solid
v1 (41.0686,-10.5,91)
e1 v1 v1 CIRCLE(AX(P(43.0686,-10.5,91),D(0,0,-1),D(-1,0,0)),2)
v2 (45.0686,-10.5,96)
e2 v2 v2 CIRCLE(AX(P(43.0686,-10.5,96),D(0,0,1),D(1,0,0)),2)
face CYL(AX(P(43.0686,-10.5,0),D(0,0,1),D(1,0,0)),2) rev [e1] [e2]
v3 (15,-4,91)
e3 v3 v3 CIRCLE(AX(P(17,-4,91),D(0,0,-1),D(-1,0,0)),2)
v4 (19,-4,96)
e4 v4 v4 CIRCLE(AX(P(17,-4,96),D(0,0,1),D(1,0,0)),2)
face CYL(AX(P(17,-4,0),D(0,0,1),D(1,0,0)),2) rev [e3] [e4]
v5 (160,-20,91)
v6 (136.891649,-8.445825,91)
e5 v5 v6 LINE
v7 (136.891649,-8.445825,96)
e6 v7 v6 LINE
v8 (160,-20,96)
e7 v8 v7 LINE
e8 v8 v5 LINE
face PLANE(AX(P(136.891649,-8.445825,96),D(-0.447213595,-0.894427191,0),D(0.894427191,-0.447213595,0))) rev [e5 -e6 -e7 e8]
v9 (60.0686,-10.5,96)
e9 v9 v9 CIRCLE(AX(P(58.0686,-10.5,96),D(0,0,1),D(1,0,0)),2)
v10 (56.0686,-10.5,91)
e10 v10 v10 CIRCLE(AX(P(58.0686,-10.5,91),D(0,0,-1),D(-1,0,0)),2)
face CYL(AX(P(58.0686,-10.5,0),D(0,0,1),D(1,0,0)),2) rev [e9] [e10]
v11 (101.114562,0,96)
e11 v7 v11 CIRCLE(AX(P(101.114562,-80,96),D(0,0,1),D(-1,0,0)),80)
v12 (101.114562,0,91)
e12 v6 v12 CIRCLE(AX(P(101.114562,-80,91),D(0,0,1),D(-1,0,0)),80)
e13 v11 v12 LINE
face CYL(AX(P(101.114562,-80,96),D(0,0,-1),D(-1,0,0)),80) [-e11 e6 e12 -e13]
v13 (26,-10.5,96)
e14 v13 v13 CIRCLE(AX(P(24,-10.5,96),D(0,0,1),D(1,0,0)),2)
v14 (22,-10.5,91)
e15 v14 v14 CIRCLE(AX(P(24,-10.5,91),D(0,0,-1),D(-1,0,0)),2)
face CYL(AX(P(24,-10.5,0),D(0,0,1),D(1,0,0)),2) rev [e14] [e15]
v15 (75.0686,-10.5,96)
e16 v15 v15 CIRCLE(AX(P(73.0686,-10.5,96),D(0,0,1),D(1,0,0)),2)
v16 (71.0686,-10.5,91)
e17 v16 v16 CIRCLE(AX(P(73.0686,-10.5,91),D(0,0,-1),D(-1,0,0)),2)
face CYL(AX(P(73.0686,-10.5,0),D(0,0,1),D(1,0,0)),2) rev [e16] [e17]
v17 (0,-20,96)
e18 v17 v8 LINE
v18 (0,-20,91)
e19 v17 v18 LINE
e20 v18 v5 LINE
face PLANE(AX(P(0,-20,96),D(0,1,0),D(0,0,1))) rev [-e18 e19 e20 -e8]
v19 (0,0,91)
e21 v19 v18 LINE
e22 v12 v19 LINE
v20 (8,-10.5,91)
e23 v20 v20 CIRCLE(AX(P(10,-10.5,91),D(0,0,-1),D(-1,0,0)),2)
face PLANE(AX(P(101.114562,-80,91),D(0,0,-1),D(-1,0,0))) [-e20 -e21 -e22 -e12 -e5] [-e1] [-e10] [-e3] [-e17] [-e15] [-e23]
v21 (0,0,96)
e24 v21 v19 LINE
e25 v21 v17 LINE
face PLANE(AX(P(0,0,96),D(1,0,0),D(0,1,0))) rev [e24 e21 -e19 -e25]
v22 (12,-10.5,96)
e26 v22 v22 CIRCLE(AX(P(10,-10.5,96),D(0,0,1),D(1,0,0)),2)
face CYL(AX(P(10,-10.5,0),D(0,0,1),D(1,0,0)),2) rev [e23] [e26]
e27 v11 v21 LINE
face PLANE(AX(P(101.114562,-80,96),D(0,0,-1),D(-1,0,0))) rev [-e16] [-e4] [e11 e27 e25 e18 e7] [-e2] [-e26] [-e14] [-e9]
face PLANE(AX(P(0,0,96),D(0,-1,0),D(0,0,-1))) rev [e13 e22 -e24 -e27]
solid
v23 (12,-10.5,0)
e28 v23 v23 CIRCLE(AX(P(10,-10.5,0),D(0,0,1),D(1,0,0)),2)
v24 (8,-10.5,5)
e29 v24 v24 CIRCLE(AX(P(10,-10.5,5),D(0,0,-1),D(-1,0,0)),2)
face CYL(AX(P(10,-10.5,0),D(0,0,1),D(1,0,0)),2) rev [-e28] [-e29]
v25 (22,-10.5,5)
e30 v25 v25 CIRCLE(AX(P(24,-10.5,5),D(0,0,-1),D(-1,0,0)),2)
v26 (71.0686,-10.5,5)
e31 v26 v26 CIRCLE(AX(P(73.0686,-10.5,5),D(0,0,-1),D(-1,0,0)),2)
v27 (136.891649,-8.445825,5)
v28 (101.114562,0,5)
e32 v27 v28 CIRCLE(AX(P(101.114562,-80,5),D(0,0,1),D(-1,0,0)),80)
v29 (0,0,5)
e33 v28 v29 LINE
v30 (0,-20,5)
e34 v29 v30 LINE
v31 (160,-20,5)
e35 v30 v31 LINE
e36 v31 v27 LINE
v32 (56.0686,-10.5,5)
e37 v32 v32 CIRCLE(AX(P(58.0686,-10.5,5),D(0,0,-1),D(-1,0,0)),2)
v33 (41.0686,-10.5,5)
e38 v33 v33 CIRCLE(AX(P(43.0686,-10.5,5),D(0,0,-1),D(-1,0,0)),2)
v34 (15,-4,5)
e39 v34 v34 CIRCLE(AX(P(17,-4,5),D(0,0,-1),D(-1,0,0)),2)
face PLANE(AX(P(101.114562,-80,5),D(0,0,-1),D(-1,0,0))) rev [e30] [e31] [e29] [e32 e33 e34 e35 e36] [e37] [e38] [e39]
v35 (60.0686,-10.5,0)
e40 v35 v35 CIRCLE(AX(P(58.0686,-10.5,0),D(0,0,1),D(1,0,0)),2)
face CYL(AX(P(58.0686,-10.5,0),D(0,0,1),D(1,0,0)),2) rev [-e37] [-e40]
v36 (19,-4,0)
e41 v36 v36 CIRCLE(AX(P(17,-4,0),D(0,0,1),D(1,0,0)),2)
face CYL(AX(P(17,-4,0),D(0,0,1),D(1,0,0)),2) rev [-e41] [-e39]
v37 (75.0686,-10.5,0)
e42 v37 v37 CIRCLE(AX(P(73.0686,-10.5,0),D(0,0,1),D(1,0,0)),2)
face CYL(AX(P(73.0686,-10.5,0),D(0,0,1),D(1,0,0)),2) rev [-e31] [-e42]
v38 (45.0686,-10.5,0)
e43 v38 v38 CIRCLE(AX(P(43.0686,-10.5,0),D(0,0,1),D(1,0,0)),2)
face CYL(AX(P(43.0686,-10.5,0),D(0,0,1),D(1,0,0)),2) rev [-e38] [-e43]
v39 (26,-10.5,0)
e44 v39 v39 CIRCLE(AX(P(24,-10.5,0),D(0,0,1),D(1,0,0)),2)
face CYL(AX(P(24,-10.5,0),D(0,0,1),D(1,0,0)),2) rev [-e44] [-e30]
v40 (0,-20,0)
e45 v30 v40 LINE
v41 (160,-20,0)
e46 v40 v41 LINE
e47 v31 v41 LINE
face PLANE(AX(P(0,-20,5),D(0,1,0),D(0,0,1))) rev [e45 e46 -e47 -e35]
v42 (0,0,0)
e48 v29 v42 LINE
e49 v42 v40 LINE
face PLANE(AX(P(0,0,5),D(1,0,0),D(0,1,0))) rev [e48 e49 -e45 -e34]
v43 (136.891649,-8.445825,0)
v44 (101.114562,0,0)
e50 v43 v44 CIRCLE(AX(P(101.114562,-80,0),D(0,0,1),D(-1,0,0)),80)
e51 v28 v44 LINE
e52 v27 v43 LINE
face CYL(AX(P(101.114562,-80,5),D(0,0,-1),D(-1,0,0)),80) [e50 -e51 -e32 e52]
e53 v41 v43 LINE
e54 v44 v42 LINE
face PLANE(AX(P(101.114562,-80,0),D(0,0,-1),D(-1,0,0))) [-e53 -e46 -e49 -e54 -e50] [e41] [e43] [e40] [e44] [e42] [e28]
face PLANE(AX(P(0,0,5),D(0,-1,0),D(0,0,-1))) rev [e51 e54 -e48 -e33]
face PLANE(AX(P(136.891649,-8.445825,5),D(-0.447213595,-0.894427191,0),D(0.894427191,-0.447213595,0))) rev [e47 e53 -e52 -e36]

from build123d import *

# Parameters (mm, degrees)
BOSS_EXTRUDE1_START     = 91
BOSS_EXTRUDE1_DEPTH     = 5
BOSS_EXTRUDE2_DEPTH     = 5
CUT_EXTRUDE1_DEPTH      = 186.151289491
CUT_EXTRUDE1_DEPTH_BACK = 186.151289491
SKETCH3_R               = 2


with BuildPart() as part:
    # Sketch2 → Boss-Extrude1 (new body)
    with BuildSketch(Plane.XY.offset(BOSS_EXTRUDE1_START)):
        with BuildLine():
            Line((0, 0), (0, -20))
            Line((0, -20), (160, -20))
            Line((160, -20), (136.89164944, -8.44582472))
            ThreePointArc((136.89164944, -8.44582472), (119.494795444, -2.140080843), (101.1145618, 0))
            Line((101.1145618, 0), (0, 0))
        make_face()
    extrude(amount=BOSS_EXTRUDE1_DEPTH)


with BuildPart() as body_2:
    # Sketch2<2> → Boss-Extrude2 (new body)
    with BuildSketch(Plane.XY):
        with BuildLine():
            Line((0, 0), (0, -20))
            Line((0, -20), (160, -20))
            Line((160, -20), (136.89164944, -8.44582472))
            ThreePointArc((136.89164944, -8.44582472), (119.494795444, -2.140080843), (101.1145618, 0))
            Line((101.1145618, 0), (0, 0))
        make_face()
    extrude(amount=BOSS_EXTRUDE2_DEPTH)


with BuildPart() as cut_extrude1_tool:
    # Sketch3 → Cut-Extrude1 (new, two sides: drawn at the far end of the back side and taken through both)
    with BuildSketch(Plane.XY.offset(5).offset(-CUT_EXTRUDE1_DEPTH_BACK)):
        with Locations((10, -10.5)):
            Circle(SKETCH3_R)
        with Locations((17, -4)):
            Circle(SKETCH3_R)
        with Locations((24, -10.5)):
            Circle(SKETCH3_R)
        with Locations((43.06859969, -10.5)):
            Circle(SKETCH3_R)
        with Locations((58.06859969, -10.5)):
            Circle(SKETCH3_R)
        with Locations((73.06859969, -10.5)):
            Circle(SKETCH3_R)
    extrude(amount=CUT_EXTRUDE1_DEPTH + CUT_EXTRUDE1_DEPTH_BACK)


with BuildPart() as part_1:
    add(part.part)

    # Cut-Extrude1: cut by cut_extrude1_tool
    add(cut_extrude1_tool.part, mode=Mode.SUBTRACT)


with BuildPart() as body_2_1:
    add(body_2.part)

    # Cut-Extrude1: cut by cut_extrude1_tool
    add(cut_extrude1_tool.part, mode=Mode.SUBTRACT)


solid = Compound([part_1.part, body_2_1.part])
